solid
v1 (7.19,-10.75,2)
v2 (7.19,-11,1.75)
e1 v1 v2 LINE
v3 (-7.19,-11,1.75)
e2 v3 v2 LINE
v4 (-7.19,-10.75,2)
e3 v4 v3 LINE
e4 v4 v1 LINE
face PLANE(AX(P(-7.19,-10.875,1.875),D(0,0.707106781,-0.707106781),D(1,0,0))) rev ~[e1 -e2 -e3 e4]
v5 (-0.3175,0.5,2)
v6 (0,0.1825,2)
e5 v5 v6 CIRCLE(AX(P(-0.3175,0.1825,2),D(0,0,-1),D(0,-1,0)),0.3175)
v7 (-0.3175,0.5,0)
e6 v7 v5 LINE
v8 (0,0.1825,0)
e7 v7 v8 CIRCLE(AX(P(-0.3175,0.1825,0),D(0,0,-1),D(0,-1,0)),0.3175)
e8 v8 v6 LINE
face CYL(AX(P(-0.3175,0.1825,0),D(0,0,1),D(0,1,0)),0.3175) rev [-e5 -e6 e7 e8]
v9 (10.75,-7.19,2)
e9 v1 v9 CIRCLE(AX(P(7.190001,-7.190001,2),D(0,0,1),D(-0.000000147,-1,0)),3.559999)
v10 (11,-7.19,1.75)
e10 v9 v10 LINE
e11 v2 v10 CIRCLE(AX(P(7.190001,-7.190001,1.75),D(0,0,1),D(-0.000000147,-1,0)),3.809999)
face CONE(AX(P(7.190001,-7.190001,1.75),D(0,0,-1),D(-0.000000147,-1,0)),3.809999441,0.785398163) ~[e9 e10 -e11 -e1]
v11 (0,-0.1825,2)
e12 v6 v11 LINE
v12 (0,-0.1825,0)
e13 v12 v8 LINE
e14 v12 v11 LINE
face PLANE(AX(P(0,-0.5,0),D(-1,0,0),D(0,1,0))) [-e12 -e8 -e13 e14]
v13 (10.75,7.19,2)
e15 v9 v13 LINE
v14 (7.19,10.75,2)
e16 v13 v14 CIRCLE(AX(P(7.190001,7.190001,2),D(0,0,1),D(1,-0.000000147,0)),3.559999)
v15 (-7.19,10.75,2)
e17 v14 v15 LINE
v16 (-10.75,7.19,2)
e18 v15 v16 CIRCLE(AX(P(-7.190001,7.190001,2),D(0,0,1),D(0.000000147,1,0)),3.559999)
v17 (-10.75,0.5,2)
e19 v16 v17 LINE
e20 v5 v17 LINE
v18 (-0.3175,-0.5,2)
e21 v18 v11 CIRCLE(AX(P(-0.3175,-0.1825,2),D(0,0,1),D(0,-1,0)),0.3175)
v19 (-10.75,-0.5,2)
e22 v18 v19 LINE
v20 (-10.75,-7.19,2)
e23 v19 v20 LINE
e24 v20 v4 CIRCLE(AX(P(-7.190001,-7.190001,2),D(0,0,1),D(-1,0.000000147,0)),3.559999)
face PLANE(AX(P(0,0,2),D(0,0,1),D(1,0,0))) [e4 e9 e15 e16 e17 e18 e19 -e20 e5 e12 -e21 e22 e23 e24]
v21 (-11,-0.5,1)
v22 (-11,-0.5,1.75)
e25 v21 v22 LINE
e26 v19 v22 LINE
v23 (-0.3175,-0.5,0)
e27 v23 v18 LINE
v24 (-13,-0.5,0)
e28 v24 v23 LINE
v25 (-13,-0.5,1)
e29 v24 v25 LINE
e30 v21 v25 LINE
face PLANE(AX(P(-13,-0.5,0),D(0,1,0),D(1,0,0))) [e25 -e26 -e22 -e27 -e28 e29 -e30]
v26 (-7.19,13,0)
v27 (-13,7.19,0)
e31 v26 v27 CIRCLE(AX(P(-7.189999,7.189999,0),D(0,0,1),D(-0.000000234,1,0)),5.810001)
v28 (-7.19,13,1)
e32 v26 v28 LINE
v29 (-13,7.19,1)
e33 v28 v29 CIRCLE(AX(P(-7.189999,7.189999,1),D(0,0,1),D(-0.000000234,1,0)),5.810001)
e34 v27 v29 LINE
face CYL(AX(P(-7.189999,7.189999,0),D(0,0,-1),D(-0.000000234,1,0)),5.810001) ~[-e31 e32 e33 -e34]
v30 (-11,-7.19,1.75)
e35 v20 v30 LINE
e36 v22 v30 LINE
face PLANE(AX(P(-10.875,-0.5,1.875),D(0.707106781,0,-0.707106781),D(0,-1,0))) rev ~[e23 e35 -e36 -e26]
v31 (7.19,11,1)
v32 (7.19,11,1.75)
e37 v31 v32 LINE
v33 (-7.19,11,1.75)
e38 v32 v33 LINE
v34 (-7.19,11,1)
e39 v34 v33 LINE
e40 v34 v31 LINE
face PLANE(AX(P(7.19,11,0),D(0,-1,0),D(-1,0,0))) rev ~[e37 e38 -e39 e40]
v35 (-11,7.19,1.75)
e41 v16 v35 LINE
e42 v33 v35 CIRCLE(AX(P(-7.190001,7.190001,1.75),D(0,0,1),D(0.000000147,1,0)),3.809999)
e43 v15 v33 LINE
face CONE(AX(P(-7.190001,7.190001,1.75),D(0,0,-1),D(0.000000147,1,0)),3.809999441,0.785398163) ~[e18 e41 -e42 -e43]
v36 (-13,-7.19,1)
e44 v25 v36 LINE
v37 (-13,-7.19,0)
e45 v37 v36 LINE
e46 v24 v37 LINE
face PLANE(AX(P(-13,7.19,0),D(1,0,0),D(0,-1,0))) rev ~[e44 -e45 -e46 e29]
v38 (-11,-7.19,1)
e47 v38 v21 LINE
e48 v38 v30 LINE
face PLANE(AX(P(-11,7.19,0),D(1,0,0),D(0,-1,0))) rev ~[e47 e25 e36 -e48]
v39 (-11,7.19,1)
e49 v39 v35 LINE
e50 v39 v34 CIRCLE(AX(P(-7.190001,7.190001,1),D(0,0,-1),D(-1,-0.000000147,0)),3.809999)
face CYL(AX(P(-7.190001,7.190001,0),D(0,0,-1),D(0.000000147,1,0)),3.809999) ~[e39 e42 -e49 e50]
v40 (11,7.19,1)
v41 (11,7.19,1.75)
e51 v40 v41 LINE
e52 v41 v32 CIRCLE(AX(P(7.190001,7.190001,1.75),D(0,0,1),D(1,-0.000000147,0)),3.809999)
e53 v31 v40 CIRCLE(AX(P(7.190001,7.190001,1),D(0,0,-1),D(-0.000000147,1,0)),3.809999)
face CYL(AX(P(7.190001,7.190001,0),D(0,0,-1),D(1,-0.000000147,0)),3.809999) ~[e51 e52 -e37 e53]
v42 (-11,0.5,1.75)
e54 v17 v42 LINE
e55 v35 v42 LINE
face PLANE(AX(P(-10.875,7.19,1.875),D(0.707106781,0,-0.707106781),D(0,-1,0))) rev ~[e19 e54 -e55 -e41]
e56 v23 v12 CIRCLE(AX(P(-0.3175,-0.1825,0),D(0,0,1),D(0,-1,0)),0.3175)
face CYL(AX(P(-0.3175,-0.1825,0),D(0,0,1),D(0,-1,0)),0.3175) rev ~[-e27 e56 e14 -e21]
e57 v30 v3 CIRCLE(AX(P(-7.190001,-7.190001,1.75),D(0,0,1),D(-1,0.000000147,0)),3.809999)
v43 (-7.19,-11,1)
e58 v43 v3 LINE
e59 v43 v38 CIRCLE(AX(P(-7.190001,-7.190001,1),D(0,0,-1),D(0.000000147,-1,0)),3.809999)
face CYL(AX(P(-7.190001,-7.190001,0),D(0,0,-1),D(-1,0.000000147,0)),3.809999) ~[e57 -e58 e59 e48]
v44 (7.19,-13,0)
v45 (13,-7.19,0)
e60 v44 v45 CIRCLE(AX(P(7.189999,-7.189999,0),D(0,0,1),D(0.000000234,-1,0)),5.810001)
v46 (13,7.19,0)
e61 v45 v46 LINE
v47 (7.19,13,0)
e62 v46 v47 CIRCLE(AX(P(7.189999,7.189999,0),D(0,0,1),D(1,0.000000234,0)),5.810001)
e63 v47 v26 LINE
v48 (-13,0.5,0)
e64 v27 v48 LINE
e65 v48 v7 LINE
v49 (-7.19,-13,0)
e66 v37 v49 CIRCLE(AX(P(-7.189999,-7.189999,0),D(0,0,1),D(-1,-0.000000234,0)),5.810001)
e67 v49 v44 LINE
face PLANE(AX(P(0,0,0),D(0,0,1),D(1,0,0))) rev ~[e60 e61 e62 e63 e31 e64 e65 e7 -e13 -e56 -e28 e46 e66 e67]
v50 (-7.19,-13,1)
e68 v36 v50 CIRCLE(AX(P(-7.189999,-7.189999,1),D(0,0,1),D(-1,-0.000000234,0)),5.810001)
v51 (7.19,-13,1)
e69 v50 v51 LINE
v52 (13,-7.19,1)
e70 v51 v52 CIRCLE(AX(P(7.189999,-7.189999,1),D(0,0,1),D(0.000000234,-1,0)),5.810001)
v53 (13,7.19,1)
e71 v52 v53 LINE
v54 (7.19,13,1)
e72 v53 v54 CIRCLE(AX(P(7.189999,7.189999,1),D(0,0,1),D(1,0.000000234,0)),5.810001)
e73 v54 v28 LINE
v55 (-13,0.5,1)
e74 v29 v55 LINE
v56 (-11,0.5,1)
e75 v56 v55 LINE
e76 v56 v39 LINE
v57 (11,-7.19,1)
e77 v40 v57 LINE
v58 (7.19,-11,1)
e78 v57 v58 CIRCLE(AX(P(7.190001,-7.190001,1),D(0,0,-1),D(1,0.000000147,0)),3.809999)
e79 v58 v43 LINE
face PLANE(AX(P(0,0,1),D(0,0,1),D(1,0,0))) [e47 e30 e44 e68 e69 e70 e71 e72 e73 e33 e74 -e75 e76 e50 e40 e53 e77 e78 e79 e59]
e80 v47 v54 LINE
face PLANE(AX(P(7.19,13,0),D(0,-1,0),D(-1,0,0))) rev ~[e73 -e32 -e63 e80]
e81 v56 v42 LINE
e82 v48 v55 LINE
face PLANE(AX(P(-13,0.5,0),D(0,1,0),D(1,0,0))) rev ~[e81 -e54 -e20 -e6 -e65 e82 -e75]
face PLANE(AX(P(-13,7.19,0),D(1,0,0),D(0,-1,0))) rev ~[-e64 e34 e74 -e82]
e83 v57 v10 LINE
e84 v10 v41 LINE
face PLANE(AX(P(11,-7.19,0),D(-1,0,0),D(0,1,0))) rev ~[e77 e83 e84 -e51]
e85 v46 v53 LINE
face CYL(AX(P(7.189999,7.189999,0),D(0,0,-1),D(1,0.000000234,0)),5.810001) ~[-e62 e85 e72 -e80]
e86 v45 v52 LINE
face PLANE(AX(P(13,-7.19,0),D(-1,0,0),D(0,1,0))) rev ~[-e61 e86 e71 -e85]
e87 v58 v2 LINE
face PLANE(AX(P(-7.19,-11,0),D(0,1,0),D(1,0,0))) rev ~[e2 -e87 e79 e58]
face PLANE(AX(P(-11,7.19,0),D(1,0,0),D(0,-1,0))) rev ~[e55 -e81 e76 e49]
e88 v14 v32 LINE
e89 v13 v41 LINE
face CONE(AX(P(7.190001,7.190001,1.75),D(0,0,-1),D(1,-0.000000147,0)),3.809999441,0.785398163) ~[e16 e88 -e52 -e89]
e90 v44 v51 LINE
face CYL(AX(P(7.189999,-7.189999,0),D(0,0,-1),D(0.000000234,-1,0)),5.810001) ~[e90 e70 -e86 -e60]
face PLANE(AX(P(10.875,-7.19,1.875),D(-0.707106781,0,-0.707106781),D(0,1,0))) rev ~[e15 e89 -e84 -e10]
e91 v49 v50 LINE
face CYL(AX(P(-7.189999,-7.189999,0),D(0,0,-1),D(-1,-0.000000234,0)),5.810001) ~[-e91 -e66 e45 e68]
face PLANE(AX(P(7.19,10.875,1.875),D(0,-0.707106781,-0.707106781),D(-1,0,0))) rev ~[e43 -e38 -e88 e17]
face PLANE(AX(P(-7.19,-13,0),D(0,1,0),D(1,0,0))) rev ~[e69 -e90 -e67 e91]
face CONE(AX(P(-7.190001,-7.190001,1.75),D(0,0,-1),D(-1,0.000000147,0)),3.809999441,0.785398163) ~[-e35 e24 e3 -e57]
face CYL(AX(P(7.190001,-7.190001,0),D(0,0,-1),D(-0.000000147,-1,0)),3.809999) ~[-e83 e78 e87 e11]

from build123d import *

# Parameters (mm, degrees)
F1_DEPTH = 1
F2_DEPTH = 2
F3_W     = 13
F3_H     = 0.5
F4_DEPTH = 25.4
F5_SIZE  = 0.25
F6_R     = 0.3175


with BuildPart() as f1:
    # F0 (on Top) → F1 (new body)
    with BuildSketch(Plane.XY):
        with BuildLine():
            Line((13, -7.19), (13, 7.19))
            ThreePointArc((13, 7.19), (11.29829, 11.29829), (7.19, 13))
            Line((7.19, 13), (-7.19, 13))
            ThreePointArc((-7.19, 13), (-11.29829, 11.29829), (-13, 7.19))
            Line((-13, 7.19), (-13, -7.19))
            ThreePointArc((-13, -7.19), (-11.29829, -11.29829), (-7.19, -13))
            Line((-7.19, -13), (7.19, -13))
            ThreePointArc((7.19, -13), (11.29829, -11.29829), (13, -7.19))
        make_face()
        with BuildLine():
            ThreePointArc((-11, 7.19), (-9.884077, 9.884077), (-7.19, 11))
            Line((-7.19, 11), (7.19, 11))
            ThreePointArc((7.19, 11), (9.884077, 9.884077), (11, 7.19))
            Line((11, 7.19), (11, -7.19))
            ThreePointArc((11, -7.19), (9.884077, -9.884077), (7.19, -11))
            Line((7.19, -11), (-7.19, -11))
            ThreePointArc((-7.19, -11), (-9.884077, -9.884077), (-11, -7.19))
            Line((-11, -7.19), (-11, 7.19))
        make_face(mode=Mode.SUBTRACT)
    extrude(amount=F1_DEPTH)

    # F0 (on Top) → F2 (join)
    with BuildSketch(Plane.XY):
        with BuildLine():
            Line((7.19, 11), (-7.19, 11))
            ThreePointArc((-7.19, 11), (-9.884077, 9.884077), (-11, 7.19))
            Line((-11, 7.19), (-11, -7.19))
            ThreePointArc((-11, -7.19), (-9.884077, -9.884077), (-7.19, -11))
            Line((-7.19, -11), (7.19, -11))
            ThreePointArc((7.19, -11), (9.884077, -9.884077), (11, -7.19))
            Line((11, -7.19), (11, 7.19))
            ThreePointArc((11, 7.19), (9.884077, 9.884077), (7.19, 11))
        make_face()
    extrude(amount=F2_DEPTH)

    # F3 (on face) → F4 (cut)
    with BuildSketch(Plane.XY):
        with Locations((-6.5, -0.25)):
            Rectangle(F3_W, F3_H)
        with Locations((-6.5, 0.25)):
            Rectangle(F3_W, F3_H)
    extrude(amount=F4_DEPTH, mode=Mode.SUBTRACT)

    # F5
    f5_edges = [f1.edges().sort_by_distance(p)[0] for p in [
        (-11, -3.845, 2),
        (-11, 3.845, 2),
        (-9.884077, 9.884077, 2),
        (0, 11, 2),
        (11, 0, 2),
        (9.884077, -9.884077, 2),
        (0, -11, 2),
        (-9.884077, -9.884077, 2),
        (9.884077, 9.884077, 2),
    ]]
    chamfer(f5_edges, length=F5_SIZE)

    # F6
    f6_edges = [f1.edges().sort_by_distance(p)[0] for p in [
        (0, -0.5, 1),
        (0, 0.5, 1),
    ]]
    fillet(f6_edges, radius=F6_R)


solid = f1.part
